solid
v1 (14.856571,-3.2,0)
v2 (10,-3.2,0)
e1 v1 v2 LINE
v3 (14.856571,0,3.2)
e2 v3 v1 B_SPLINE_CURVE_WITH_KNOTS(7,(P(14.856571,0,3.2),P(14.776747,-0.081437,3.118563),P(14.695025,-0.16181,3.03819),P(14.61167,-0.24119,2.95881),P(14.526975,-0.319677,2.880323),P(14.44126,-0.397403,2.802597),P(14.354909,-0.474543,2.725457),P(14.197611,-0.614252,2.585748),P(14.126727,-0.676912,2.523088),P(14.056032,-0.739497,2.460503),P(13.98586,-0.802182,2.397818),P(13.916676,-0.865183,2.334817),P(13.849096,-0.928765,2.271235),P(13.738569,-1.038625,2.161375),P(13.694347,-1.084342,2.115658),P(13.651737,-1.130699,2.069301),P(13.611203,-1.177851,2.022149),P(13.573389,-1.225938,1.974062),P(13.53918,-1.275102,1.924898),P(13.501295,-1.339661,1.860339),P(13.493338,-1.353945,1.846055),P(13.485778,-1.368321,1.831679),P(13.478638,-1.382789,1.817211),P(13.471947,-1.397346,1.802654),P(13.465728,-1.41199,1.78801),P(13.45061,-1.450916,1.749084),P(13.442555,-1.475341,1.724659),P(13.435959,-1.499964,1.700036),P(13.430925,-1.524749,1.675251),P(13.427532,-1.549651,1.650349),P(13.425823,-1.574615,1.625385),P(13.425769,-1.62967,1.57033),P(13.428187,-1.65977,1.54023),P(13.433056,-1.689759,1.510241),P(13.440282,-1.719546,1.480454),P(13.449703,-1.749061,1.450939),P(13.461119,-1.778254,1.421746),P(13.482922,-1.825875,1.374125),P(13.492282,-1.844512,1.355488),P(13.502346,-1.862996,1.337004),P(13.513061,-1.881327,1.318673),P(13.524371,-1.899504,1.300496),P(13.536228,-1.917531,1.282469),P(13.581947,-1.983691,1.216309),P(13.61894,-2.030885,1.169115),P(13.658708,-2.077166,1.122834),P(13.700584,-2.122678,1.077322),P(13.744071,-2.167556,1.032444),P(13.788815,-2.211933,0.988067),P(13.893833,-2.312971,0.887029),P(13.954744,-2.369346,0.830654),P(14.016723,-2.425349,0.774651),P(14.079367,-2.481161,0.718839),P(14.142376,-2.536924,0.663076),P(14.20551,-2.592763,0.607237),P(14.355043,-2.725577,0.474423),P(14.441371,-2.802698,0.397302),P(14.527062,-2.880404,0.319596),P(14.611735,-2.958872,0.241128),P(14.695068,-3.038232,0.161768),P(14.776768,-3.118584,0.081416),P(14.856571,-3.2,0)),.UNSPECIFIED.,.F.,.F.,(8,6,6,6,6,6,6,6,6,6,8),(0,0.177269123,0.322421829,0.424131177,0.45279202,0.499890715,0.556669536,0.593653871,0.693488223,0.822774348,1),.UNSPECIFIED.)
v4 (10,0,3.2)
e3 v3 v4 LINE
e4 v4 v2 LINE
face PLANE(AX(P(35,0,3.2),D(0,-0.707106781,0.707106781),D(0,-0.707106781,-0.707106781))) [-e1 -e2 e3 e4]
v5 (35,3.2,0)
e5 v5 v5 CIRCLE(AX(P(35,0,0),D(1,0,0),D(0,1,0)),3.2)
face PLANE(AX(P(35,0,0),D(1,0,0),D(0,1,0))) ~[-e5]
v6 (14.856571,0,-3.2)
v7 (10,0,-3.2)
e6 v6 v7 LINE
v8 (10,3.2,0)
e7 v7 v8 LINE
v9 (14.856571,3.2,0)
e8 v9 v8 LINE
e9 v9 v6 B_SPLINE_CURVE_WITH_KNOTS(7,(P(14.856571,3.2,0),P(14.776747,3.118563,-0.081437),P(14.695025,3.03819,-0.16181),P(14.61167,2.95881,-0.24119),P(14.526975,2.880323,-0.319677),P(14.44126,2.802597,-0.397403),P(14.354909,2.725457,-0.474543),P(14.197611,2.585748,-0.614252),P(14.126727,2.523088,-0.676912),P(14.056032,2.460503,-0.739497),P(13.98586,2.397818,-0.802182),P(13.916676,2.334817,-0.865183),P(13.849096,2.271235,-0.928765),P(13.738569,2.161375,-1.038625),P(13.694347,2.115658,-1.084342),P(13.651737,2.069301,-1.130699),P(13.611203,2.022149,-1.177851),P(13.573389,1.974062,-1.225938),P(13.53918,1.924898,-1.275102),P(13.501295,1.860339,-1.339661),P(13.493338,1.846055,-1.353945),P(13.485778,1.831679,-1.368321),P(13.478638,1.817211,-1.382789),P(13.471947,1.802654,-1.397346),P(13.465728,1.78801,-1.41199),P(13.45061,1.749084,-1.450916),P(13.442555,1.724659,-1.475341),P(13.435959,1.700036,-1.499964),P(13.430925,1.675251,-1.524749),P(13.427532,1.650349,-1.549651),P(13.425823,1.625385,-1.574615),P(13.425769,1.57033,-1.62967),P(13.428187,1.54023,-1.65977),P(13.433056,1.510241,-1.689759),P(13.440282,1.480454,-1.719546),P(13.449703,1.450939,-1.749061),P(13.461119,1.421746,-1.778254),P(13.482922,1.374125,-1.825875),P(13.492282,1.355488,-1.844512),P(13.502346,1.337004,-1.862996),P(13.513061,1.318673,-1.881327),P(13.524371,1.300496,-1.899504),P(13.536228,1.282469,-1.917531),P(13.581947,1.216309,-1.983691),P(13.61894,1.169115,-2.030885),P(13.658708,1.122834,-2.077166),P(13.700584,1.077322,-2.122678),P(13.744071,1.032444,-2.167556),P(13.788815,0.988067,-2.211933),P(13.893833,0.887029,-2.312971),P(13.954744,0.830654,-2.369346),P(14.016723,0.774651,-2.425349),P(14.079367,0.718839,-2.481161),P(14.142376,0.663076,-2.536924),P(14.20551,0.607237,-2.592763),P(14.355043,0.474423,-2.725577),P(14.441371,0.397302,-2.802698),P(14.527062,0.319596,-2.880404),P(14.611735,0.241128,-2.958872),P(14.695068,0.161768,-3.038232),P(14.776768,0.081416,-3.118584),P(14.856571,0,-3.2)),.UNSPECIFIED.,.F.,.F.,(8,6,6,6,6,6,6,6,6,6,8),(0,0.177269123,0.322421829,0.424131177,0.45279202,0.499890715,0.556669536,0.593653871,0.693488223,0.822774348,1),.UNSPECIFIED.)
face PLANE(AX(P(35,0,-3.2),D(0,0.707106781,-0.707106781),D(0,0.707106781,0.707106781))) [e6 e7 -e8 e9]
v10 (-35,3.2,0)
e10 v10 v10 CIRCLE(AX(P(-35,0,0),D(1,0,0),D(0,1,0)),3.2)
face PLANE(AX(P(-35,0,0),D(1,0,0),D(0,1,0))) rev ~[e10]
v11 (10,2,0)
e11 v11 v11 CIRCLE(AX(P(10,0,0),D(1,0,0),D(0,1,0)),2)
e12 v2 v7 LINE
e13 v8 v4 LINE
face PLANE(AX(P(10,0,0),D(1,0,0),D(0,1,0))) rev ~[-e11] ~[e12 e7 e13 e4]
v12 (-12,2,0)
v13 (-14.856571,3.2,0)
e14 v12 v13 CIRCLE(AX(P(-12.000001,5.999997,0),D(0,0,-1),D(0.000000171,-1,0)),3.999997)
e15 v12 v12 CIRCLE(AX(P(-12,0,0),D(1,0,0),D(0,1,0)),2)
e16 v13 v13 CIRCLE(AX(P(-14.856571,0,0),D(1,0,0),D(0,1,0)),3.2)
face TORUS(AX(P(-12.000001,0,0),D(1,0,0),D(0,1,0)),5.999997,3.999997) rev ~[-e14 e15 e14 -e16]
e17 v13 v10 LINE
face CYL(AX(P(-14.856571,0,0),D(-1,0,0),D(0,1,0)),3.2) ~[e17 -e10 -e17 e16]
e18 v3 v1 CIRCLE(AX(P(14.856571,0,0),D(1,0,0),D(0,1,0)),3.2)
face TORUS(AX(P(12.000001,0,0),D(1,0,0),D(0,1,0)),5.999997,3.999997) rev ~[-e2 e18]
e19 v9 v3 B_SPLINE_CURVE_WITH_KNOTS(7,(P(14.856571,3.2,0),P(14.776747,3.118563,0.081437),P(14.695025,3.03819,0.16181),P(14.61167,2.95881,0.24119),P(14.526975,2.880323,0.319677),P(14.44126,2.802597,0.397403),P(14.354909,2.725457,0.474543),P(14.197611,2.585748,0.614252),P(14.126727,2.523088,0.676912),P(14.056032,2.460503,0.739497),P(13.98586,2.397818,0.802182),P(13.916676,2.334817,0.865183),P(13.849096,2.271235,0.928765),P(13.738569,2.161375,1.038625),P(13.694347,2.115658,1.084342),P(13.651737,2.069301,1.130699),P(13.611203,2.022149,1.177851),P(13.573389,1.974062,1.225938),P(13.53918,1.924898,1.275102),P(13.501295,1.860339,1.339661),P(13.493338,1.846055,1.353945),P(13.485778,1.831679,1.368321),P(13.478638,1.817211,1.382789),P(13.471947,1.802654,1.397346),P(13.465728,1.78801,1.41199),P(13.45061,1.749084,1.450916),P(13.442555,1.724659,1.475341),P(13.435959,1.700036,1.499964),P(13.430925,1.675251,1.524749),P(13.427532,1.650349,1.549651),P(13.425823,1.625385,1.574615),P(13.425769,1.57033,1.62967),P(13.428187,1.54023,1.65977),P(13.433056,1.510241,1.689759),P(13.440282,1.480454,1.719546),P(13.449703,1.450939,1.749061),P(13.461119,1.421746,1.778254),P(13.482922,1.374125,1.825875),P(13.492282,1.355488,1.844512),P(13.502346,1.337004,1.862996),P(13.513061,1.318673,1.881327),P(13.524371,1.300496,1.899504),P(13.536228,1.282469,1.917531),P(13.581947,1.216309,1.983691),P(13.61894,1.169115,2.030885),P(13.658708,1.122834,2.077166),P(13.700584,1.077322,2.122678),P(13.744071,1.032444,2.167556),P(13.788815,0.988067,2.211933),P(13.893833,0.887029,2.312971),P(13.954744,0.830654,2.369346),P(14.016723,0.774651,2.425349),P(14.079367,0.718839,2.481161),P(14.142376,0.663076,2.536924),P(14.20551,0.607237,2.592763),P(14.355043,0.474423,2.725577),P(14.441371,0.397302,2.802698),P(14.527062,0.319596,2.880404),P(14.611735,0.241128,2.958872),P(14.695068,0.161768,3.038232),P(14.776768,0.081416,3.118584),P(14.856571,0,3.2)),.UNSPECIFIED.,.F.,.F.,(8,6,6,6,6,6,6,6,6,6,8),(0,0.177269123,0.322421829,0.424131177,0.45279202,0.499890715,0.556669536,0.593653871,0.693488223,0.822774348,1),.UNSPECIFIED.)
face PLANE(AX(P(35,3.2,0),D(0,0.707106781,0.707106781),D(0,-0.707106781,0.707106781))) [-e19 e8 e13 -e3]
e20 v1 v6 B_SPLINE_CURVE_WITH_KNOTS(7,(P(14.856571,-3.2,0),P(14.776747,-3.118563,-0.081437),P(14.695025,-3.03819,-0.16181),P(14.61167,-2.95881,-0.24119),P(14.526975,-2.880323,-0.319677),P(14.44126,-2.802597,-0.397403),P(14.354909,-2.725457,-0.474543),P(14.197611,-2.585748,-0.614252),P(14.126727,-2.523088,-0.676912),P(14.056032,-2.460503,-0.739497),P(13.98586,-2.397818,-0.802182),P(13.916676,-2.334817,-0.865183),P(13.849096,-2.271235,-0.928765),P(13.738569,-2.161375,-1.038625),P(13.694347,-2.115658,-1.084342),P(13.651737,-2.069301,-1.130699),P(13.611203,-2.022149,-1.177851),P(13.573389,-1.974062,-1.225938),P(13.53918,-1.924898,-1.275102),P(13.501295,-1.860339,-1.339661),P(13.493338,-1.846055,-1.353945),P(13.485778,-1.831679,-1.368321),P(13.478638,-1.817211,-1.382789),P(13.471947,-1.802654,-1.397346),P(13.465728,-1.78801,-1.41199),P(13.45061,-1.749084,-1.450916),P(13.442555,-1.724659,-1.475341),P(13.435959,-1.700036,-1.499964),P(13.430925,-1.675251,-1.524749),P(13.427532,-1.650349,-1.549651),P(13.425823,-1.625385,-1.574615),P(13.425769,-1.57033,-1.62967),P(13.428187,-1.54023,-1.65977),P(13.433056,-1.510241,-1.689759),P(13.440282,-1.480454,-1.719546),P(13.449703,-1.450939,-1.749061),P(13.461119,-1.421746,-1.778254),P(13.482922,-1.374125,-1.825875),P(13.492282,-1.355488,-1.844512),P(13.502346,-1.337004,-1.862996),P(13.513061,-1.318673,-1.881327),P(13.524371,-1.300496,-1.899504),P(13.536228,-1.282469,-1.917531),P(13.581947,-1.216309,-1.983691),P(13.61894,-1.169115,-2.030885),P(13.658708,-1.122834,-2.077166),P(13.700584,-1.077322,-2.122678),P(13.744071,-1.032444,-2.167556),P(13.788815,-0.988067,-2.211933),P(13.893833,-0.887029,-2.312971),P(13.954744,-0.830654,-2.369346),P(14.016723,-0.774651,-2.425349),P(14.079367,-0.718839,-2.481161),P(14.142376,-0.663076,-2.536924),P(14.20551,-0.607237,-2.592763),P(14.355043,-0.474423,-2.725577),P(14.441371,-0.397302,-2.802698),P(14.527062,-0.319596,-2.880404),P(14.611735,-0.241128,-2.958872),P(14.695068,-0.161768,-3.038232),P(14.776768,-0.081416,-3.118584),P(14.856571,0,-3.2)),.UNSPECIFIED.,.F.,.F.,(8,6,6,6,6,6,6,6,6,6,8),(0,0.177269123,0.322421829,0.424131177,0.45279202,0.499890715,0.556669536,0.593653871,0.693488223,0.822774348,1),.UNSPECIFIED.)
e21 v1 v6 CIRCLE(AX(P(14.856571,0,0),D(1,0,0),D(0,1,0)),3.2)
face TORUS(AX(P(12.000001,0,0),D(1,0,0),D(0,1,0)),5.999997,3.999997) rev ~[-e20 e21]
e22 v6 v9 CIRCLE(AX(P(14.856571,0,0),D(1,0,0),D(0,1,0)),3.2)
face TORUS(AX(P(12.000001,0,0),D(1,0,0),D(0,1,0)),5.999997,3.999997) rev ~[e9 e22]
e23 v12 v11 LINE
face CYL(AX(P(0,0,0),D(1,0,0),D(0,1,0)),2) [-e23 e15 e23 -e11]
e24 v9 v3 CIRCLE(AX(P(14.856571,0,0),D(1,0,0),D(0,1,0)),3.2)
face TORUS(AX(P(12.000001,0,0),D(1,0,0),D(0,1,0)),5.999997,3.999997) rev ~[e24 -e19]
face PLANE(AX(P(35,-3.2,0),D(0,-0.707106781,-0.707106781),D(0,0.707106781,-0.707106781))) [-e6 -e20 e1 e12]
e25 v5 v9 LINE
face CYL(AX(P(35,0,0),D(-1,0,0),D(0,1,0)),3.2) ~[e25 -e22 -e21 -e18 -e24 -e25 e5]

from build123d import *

# Parameters (mm, degrees)
F0_W     = 24
F0_H     = 2
F3_DEPTH = 25


with BuildPart() as f1:
    # F0 (on Top) → F1 (revolve)
    with BuildSketch(Plane.XY):
        with BuildLine():
            Line((-14.856571, 3.2), (-35, 3.2))
            Line((-35, 3.2), (-35, 0))
            Line((-35, 0), (-12, 0))
            Line((-12, 0), (-12, 2))
            ThreePointArc((-12, 2), (-13.549193, 2.312182), (-14.856571, 3.2))
        make_face()
        with Locations((0, 1)):
            Rectangle(F0_W, F0_H)
        with BuildLine():
            ThreePointArc((14.856571, 3.2), (13.549193, 2.312182), (12, 2))
            Line((12, 2), (12, 0))
            Line((12, 0), (35, 0))
            Line((35, 0), (35, 3.2))
            Line((35, 3.2), (14.856571, 3.2))
        make_face()
    revolve(axis=Axis((0, 0, 0), (1, 0, 0)))

    # F2 (on face) → F3 (join)
    with BuildSketch(Plane.YZ.offset(35)):
        Polygon((0, -3.2), (3.2, 0), (0, 3.2), (-3.2, 0), align=None)
    extrude(amount=-F3_DEPTH)


solid = f1.part
